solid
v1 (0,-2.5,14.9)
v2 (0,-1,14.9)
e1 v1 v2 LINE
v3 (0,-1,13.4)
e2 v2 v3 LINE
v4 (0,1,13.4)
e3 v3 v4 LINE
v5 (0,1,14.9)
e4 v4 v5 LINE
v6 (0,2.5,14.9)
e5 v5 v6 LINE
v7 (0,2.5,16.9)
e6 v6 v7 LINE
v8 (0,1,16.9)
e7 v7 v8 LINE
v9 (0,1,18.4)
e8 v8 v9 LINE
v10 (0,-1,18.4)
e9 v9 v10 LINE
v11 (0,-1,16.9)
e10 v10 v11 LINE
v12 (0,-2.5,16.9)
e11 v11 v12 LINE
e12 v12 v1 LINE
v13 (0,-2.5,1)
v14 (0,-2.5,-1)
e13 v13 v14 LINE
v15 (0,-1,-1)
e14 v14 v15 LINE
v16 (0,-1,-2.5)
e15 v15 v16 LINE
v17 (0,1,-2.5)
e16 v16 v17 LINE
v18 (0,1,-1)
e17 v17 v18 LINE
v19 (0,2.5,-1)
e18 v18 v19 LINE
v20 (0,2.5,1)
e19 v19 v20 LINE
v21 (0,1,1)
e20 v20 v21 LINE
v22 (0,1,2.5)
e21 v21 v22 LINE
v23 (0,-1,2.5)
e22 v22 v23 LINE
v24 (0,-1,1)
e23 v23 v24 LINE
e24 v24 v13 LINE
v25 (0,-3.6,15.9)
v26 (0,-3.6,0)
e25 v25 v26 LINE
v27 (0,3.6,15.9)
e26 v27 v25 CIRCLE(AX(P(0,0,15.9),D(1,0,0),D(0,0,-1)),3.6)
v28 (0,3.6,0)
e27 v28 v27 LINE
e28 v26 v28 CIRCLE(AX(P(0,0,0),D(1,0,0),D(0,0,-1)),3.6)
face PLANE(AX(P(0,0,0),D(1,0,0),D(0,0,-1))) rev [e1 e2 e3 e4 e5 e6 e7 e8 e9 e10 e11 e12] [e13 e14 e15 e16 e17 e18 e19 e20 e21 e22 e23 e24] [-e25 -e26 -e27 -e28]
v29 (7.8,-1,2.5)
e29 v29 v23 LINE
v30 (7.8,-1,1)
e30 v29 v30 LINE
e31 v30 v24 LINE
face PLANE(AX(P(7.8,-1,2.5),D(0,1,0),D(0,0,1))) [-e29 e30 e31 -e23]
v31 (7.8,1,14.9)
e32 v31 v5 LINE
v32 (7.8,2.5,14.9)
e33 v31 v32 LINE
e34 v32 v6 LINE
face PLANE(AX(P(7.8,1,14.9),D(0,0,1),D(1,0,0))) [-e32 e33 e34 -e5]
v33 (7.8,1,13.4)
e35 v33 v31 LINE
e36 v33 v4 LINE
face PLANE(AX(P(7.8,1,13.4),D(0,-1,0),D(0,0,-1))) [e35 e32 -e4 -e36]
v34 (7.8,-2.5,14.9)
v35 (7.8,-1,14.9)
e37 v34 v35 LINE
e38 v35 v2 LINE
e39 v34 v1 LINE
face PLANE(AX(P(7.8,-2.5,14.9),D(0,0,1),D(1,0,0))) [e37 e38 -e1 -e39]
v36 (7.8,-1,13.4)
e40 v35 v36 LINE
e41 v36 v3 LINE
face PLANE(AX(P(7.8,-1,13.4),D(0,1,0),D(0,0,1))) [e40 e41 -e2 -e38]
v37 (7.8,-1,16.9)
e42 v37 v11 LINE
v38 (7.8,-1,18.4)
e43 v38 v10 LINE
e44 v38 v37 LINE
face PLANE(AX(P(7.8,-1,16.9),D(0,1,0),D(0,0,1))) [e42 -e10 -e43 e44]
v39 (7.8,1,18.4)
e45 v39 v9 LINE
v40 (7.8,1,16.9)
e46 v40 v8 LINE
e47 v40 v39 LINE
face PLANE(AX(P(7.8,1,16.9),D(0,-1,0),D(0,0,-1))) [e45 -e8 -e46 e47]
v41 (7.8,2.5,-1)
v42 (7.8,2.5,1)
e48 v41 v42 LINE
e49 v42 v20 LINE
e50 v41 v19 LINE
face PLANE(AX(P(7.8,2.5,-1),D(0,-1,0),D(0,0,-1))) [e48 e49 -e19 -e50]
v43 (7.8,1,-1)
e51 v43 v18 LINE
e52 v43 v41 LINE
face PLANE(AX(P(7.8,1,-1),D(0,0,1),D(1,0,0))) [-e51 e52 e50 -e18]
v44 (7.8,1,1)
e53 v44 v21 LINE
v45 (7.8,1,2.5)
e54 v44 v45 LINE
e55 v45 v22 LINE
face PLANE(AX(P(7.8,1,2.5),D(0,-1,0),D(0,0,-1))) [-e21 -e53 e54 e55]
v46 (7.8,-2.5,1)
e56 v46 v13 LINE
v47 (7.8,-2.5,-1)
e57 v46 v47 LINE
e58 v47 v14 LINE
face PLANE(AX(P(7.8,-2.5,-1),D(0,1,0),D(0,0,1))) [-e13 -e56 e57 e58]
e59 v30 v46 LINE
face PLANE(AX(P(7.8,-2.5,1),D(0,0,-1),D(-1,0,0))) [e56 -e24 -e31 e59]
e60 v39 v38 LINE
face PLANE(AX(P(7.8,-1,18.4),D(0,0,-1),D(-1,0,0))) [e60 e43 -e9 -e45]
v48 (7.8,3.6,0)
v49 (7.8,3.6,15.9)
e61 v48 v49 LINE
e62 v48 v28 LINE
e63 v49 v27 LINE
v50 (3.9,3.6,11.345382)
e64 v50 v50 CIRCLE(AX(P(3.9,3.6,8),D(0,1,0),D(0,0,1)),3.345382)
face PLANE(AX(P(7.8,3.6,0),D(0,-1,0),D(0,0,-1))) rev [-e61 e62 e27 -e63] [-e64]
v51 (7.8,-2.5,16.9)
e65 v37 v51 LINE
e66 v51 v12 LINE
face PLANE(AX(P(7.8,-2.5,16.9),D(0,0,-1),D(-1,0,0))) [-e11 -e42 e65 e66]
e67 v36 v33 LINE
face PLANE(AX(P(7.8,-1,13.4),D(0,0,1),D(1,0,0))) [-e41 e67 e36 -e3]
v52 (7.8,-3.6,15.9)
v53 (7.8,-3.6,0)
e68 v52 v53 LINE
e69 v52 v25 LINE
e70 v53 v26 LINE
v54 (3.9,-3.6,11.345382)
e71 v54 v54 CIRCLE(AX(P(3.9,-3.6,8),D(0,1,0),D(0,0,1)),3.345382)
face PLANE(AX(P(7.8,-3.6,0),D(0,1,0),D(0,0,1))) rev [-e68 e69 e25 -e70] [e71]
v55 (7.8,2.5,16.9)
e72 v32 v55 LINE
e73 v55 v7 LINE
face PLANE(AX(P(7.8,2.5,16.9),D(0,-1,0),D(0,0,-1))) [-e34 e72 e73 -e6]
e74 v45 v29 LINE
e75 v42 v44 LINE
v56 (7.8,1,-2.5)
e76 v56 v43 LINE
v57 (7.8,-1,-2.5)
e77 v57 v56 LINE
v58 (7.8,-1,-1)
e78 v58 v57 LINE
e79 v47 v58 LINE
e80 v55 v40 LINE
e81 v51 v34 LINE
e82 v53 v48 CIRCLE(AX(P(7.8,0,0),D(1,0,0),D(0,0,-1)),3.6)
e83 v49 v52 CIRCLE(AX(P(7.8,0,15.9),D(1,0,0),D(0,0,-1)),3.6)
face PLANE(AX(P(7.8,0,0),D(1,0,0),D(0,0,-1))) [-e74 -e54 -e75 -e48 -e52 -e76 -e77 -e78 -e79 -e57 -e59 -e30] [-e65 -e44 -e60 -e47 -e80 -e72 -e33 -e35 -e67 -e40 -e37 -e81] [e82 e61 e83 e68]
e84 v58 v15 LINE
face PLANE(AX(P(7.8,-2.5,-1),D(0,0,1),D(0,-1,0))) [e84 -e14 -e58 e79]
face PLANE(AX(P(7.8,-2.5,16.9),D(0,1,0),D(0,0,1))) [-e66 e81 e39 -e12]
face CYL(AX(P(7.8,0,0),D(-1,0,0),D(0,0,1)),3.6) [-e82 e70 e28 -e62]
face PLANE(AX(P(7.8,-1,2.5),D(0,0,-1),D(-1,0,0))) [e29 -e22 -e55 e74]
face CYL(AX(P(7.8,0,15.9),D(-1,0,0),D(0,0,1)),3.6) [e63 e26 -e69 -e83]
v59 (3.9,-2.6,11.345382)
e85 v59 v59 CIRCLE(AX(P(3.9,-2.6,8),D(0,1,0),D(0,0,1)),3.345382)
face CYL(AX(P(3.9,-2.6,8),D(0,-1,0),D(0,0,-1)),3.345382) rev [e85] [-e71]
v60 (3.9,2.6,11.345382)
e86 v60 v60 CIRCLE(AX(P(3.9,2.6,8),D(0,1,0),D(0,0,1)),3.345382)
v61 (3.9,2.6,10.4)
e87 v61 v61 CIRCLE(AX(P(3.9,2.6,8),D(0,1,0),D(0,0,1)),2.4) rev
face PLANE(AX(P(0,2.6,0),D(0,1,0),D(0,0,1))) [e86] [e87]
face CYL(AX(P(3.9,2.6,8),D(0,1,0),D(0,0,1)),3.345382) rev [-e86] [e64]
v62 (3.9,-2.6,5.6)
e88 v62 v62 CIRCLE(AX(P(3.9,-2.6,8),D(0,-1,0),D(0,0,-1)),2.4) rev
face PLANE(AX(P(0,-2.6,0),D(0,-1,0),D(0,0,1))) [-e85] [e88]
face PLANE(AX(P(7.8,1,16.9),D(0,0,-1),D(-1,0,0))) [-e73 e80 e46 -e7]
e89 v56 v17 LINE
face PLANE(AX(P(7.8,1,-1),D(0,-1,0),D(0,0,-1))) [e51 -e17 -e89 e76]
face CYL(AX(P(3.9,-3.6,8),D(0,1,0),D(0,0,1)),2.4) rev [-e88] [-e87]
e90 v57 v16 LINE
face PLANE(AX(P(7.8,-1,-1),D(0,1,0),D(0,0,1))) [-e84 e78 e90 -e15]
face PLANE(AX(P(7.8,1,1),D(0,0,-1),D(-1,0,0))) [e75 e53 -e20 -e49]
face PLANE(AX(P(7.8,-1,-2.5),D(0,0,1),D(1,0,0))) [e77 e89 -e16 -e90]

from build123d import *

# Parameters (mm, degrees)
BOSS_EXTRUDE1_DEPTH = 7.8
SKETCH3_R           = 2.4
CUT_EXTRUDE1_DEPTH  = 7.2
SKETCH6_R           = 3.345382302
SKETCH6_R_2         = 2.4
CUT_EXTRUDE3_DEPTH  = 1


with BuildPart() as part:
    # Sketch1 → Boss-Extrude1 (new body)
    with BuildSketch(Plane(origin=(0, 0, 0), x_dir=(0, 0, -1), z_dir=(1, 0, 0))):
        with BuildLine():
            Line((0, -3.6), (-15.9, -3.6))
            ThreePointArc((-15.9, -3.6), (-19.5, 0), (-15.9, 3.6))
            Line((-15.9, 3.6), (0, 3.6))
            ThreePointArc((0, 3.6), (3.6, 0), (0, -3.6))
        make_face()
        Polygon((-2.5, -1), (-1, -1), (-1, -2.5), (1, -2.5), (1, -1), (2.5, -1), (2.5, 1), (1, 1), (1, 2.5), (-1, 2.5), (-1, 1), (-2.5, 1), align=None, mode=Mode.SUBTRACT)
        Polygon((-13.4, -1), (-13.4, 1), (-14.9, 1), (-14.9, 2.5), (-16.9, 2.5), (-16.9, 1), (-18.4, 1), (-18.4, -1), (-16.9, -1), (-16.9, -2.5), (-14.9, -2.5), (-14.9, -1), align=None, mode=Mode.SUBTRACT)
    extrude(amount=BOSS_EXTRUDE1_DEPTH)

    # Sketch3 → Cut-Extrude1 (cut)
    with BuildSketch(Plane(origin=(0, 3.6, 0), x_dir=(1, 0, 0), z_dir=(0, 1, 0))):
        with Locations((3.9, -8)):
            Circle(SKETCH3_R)
    extrude(amount=-CUT_EXTRUDE1_DEPTH, mode=Mode.SUBTRACT)

    # Sketch6 → Cut-Extrude3 (cut)
    with BuildSketch(Plane(origin=(0, 3.6, 0), x_dir=(1, 0, 0), z_dir=(0, 1, 0))):
        with Locations((3.9, -8)):
            Circle(SKETCH6_R)
        with Locations((3.9, -8)):
            Circle(SKETCH6_R_2, mode=Mode.SUBTRACT)
    cut_extrude3 = extrude(amount=-CUT_EXTRUDE3_DEPTH, mode=Mode.SUBTRACT)

    # Mirror1: Cut-Extrude3 across plane
    add(cut_extrude3.mirror(Plane(origin=(0, 0, 0), x_dir=(0, 0, 1), z_dir=(0, -1, 0))), mode=Mode.SUBTRACT)


solid = part.part
